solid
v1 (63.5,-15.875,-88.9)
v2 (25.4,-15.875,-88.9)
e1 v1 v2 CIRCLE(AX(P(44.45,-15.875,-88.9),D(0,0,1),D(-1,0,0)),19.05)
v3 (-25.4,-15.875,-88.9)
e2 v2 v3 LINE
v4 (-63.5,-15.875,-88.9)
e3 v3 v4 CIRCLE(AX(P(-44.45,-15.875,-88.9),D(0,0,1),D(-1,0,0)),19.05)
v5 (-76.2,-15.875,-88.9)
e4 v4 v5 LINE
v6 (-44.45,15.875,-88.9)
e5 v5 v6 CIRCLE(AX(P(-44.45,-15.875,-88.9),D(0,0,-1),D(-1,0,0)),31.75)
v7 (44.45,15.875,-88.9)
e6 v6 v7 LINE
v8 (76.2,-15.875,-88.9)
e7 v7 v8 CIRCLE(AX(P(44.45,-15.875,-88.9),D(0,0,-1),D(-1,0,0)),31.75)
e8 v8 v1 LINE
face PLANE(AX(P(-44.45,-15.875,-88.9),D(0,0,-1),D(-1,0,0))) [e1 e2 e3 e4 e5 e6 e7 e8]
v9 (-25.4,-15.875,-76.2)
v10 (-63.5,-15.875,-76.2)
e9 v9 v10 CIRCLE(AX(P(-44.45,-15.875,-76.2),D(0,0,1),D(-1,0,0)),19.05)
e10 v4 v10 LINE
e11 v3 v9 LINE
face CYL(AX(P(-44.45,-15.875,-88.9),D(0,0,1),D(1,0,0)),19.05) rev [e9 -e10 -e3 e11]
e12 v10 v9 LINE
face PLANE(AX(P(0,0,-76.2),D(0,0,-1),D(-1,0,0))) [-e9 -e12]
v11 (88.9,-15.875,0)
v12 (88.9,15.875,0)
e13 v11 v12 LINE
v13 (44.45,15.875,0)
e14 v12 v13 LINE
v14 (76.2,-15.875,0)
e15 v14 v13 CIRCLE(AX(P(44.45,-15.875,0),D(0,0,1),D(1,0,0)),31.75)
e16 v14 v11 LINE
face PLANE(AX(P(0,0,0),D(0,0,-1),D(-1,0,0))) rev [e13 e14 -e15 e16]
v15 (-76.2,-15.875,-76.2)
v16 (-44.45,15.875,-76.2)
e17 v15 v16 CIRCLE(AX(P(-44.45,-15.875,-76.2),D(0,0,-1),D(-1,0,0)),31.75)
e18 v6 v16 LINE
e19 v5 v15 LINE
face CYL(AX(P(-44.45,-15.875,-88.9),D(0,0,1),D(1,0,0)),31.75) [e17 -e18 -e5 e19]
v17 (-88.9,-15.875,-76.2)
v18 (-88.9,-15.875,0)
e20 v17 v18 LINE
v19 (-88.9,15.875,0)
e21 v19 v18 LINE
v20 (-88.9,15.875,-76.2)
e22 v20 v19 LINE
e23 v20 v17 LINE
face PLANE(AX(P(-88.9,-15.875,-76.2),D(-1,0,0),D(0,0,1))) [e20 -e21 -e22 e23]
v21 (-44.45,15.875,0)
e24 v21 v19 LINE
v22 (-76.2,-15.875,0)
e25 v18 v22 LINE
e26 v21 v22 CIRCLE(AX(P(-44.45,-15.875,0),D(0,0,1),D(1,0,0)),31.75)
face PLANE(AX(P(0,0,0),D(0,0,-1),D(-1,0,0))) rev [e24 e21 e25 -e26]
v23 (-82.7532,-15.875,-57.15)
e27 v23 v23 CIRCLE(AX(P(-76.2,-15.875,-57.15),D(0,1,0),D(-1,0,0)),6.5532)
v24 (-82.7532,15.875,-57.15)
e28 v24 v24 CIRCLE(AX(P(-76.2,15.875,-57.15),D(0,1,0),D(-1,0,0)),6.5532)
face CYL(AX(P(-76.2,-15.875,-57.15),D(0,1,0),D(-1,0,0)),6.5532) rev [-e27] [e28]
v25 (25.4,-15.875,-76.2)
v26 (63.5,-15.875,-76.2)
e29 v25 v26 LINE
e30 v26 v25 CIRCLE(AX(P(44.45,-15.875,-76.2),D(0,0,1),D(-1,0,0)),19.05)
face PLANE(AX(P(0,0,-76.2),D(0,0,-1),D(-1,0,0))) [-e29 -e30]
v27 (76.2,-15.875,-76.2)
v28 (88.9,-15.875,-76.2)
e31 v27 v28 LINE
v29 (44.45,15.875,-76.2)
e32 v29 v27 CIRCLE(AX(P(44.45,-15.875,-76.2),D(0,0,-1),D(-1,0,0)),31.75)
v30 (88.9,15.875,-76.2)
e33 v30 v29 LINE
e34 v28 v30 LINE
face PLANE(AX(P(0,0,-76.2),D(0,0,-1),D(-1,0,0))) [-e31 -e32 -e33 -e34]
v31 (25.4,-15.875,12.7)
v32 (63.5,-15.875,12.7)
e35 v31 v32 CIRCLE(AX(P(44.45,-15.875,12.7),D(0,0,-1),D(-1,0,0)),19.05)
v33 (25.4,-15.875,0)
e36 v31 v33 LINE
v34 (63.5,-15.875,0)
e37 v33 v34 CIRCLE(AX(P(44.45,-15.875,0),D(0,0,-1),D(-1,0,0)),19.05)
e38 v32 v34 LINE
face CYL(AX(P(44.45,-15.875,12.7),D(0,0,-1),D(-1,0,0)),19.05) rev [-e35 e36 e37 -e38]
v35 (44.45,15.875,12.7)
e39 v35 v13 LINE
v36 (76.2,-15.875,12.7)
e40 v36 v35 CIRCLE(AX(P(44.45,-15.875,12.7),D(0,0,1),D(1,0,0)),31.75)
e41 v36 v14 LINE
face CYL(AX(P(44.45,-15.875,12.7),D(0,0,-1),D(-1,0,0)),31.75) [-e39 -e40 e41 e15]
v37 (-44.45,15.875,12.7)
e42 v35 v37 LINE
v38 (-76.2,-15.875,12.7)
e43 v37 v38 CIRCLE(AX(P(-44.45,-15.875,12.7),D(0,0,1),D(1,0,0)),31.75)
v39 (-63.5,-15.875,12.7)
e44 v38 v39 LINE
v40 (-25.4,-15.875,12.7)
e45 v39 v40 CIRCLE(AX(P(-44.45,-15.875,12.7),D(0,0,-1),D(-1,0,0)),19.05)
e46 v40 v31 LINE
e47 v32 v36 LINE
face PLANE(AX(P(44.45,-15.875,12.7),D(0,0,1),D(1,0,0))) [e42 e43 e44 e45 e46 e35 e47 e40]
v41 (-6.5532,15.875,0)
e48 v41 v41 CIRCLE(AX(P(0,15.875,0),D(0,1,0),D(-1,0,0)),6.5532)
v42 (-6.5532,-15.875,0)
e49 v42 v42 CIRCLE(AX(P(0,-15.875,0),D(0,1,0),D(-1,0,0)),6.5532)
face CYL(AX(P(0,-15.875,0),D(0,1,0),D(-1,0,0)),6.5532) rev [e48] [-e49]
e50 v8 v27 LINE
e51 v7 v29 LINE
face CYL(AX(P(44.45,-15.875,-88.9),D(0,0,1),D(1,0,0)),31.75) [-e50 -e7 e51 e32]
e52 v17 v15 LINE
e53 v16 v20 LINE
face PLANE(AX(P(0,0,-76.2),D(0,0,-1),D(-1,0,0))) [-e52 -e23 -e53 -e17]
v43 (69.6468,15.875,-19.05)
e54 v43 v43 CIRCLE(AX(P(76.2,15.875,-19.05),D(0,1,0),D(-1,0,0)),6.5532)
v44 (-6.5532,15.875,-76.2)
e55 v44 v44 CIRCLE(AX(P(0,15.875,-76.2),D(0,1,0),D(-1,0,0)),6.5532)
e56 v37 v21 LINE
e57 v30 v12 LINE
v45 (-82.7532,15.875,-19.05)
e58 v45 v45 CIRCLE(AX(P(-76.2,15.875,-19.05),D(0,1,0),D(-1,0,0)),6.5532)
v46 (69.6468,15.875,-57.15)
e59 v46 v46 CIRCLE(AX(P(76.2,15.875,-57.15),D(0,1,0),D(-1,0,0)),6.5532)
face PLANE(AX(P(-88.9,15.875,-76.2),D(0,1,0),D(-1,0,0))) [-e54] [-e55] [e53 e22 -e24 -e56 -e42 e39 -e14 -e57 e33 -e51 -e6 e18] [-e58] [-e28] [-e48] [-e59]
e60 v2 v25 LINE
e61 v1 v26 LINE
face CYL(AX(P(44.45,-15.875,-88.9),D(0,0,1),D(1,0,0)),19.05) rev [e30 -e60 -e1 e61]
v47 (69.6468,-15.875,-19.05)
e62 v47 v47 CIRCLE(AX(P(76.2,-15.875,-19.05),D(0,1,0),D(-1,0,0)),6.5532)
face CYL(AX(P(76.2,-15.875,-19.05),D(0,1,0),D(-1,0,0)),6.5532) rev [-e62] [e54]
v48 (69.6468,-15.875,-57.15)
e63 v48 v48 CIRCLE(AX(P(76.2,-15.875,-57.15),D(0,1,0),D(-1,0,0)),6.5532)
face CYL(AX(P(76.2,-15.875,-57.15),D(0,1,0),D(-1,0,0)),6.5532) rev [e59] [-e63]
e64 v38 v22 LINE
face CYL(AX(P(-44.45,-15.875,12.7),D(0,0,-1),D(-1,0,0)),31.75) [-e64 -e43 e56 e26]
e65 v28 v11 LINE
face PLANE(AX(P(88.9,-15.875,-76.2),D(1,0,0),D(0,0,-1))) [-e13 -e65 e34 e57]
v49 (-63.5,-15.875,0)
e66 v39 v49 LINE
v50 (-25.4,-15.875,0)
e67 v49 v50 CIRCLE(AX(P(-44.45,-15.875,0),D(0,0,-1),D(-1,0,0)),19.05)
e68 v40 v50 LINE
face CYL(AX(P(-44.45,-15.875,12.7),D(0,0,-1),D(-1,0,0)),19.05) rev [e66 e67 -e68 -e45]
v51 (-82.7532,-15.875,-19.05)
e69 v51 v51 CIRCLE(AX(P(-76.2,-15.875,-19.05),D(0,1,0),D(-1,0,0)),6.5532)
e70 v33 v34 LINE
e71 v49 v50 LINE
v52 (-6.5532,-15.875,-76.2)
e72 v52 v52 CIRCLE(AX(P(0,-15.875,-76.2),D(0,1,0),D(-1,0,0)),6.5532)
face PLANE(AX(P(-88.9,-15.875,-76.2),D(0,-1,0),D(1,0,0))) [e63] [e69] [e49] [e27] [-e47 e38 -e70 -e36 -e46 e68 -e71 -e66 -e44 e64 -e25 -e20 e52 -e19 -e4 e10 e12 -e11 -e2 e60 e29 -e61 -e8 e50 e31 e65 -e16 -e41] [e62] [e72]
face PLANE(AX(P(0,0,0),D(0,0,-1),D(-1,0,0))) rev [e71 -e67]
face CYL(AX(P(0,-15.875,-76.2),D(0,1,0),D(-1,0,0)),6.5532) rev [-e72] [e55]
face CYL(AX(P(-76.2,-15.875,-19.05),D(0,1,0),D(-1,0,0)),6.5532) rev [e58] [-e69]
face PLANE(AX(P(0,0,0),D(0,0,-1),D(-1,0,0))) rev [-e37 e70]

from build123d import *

# Parameters (mm, degrees)
SKETCH2_W           = 177.8
SKETCH2_H           = 31.75
BASE_BLUE_DEPTH     = 76.2
BASE_YELLOW_R_DEPTH = 12.7
BASE_YELLOW_L_DEPTH = 12.7
SKETCH3_R           = 6.5532
CYL_RED_DEPTH       = 32.75


with BuildPart() as part:
    # Sketch2 → base-blue (new body)
    with BuildSketch(Plane.XY):
        Rectangle(SKETCH2_W, SKETCH2_H)
    extrude(amount=-BASE_BLUE_DEPTH)

    # Sketch4 → base-yellow-R (add)
    with BuildSketch(Plane.XY):
        with BuildLine():
            Line((44.45, 15.875), (-44.45, 15.875))
            ThreePointArc((-44.45, 15.875), (-66.900640303, 6.575640303), (-76.2, -15.875))
            Line((-76.2, -15.875), (-63.5, -15.875))
            ThreePointArc((-63.5, -15.875), (-44.45, 3.175), (-25.4, -15.875))
            Line((-25.4, -15.875), (25.4, -15.875))
            ThreePointArc((25.4, -15.875), (44.45, 3.175), (63.5, -15.875))
            Line((63.5, -15.875), (76.2, -15.875))
            ThreePointArc((76.2, -15.875), (66.900640303, 6.575640303), (44.45, 15.875))
        make_face()
    extrude(amount=BASE_YELLOW_R_DEPTH)

    # Sketch5 → base-yellow-L (add)
    with BuildSketch(Plane(origin=(0, 0, -76.2), x_dir=(-1, 0, 0), z_dir=(0, 0, -1))):
        with BuildLine():
            Line((76.2, -15.875), (63.5, -15.875))
            ThreePointArc((63.5, -15.875), (44.45, 3.175), (25.4, -15.875))
            Line((25.4, -15.875), (-25.4, -15.875))
            ThreePointArc((-25.4, -15.875), (-44.45, 3.175), (-63.5, -15.875))
            Line((-63.5, -15.875), (-76.2, -15.875))
            ThreePointArc((-76.2, -15.875), (-66.900640303, 6.575640303), (-44.45, 15.875))
            Line((-44.45, 15.875), (44.45, 15.875))
            ThreePointArc((44.45, 15.875), (66.900640303, 6.575640303), (76.2, -15.875))
        make_face()
    extrude(amount=BASE_YELLOW_L_DEPTH)

    # Sketch3 → cyl-red (cut, through all)
    with BuildSketch(Plane(origin=(0, 15.875, 0), x_dir=(1, 0, 0), z_dir=(0, 1, 0))):
        with Locations((-76.2, 19.05)):
            Circle(SKETCH3_R)
        with Locations((-76.2, 57.15)):
            Circle(SKETCH3_R)
        with Locations((76.2, 57.15)):
            Circle(SKETCH3_R)
        with Locations((76.2, 19.05)):
            Circle(SKETCH3_R)
        Circle(SKETCH3_R)
        with Locations((0, 76.2)):
            Circle(SKETCH3_R)
    extrude(amount=-CYL_RED_DEPTH, mode=Mode.SUBTRACT)


solid = part.part
